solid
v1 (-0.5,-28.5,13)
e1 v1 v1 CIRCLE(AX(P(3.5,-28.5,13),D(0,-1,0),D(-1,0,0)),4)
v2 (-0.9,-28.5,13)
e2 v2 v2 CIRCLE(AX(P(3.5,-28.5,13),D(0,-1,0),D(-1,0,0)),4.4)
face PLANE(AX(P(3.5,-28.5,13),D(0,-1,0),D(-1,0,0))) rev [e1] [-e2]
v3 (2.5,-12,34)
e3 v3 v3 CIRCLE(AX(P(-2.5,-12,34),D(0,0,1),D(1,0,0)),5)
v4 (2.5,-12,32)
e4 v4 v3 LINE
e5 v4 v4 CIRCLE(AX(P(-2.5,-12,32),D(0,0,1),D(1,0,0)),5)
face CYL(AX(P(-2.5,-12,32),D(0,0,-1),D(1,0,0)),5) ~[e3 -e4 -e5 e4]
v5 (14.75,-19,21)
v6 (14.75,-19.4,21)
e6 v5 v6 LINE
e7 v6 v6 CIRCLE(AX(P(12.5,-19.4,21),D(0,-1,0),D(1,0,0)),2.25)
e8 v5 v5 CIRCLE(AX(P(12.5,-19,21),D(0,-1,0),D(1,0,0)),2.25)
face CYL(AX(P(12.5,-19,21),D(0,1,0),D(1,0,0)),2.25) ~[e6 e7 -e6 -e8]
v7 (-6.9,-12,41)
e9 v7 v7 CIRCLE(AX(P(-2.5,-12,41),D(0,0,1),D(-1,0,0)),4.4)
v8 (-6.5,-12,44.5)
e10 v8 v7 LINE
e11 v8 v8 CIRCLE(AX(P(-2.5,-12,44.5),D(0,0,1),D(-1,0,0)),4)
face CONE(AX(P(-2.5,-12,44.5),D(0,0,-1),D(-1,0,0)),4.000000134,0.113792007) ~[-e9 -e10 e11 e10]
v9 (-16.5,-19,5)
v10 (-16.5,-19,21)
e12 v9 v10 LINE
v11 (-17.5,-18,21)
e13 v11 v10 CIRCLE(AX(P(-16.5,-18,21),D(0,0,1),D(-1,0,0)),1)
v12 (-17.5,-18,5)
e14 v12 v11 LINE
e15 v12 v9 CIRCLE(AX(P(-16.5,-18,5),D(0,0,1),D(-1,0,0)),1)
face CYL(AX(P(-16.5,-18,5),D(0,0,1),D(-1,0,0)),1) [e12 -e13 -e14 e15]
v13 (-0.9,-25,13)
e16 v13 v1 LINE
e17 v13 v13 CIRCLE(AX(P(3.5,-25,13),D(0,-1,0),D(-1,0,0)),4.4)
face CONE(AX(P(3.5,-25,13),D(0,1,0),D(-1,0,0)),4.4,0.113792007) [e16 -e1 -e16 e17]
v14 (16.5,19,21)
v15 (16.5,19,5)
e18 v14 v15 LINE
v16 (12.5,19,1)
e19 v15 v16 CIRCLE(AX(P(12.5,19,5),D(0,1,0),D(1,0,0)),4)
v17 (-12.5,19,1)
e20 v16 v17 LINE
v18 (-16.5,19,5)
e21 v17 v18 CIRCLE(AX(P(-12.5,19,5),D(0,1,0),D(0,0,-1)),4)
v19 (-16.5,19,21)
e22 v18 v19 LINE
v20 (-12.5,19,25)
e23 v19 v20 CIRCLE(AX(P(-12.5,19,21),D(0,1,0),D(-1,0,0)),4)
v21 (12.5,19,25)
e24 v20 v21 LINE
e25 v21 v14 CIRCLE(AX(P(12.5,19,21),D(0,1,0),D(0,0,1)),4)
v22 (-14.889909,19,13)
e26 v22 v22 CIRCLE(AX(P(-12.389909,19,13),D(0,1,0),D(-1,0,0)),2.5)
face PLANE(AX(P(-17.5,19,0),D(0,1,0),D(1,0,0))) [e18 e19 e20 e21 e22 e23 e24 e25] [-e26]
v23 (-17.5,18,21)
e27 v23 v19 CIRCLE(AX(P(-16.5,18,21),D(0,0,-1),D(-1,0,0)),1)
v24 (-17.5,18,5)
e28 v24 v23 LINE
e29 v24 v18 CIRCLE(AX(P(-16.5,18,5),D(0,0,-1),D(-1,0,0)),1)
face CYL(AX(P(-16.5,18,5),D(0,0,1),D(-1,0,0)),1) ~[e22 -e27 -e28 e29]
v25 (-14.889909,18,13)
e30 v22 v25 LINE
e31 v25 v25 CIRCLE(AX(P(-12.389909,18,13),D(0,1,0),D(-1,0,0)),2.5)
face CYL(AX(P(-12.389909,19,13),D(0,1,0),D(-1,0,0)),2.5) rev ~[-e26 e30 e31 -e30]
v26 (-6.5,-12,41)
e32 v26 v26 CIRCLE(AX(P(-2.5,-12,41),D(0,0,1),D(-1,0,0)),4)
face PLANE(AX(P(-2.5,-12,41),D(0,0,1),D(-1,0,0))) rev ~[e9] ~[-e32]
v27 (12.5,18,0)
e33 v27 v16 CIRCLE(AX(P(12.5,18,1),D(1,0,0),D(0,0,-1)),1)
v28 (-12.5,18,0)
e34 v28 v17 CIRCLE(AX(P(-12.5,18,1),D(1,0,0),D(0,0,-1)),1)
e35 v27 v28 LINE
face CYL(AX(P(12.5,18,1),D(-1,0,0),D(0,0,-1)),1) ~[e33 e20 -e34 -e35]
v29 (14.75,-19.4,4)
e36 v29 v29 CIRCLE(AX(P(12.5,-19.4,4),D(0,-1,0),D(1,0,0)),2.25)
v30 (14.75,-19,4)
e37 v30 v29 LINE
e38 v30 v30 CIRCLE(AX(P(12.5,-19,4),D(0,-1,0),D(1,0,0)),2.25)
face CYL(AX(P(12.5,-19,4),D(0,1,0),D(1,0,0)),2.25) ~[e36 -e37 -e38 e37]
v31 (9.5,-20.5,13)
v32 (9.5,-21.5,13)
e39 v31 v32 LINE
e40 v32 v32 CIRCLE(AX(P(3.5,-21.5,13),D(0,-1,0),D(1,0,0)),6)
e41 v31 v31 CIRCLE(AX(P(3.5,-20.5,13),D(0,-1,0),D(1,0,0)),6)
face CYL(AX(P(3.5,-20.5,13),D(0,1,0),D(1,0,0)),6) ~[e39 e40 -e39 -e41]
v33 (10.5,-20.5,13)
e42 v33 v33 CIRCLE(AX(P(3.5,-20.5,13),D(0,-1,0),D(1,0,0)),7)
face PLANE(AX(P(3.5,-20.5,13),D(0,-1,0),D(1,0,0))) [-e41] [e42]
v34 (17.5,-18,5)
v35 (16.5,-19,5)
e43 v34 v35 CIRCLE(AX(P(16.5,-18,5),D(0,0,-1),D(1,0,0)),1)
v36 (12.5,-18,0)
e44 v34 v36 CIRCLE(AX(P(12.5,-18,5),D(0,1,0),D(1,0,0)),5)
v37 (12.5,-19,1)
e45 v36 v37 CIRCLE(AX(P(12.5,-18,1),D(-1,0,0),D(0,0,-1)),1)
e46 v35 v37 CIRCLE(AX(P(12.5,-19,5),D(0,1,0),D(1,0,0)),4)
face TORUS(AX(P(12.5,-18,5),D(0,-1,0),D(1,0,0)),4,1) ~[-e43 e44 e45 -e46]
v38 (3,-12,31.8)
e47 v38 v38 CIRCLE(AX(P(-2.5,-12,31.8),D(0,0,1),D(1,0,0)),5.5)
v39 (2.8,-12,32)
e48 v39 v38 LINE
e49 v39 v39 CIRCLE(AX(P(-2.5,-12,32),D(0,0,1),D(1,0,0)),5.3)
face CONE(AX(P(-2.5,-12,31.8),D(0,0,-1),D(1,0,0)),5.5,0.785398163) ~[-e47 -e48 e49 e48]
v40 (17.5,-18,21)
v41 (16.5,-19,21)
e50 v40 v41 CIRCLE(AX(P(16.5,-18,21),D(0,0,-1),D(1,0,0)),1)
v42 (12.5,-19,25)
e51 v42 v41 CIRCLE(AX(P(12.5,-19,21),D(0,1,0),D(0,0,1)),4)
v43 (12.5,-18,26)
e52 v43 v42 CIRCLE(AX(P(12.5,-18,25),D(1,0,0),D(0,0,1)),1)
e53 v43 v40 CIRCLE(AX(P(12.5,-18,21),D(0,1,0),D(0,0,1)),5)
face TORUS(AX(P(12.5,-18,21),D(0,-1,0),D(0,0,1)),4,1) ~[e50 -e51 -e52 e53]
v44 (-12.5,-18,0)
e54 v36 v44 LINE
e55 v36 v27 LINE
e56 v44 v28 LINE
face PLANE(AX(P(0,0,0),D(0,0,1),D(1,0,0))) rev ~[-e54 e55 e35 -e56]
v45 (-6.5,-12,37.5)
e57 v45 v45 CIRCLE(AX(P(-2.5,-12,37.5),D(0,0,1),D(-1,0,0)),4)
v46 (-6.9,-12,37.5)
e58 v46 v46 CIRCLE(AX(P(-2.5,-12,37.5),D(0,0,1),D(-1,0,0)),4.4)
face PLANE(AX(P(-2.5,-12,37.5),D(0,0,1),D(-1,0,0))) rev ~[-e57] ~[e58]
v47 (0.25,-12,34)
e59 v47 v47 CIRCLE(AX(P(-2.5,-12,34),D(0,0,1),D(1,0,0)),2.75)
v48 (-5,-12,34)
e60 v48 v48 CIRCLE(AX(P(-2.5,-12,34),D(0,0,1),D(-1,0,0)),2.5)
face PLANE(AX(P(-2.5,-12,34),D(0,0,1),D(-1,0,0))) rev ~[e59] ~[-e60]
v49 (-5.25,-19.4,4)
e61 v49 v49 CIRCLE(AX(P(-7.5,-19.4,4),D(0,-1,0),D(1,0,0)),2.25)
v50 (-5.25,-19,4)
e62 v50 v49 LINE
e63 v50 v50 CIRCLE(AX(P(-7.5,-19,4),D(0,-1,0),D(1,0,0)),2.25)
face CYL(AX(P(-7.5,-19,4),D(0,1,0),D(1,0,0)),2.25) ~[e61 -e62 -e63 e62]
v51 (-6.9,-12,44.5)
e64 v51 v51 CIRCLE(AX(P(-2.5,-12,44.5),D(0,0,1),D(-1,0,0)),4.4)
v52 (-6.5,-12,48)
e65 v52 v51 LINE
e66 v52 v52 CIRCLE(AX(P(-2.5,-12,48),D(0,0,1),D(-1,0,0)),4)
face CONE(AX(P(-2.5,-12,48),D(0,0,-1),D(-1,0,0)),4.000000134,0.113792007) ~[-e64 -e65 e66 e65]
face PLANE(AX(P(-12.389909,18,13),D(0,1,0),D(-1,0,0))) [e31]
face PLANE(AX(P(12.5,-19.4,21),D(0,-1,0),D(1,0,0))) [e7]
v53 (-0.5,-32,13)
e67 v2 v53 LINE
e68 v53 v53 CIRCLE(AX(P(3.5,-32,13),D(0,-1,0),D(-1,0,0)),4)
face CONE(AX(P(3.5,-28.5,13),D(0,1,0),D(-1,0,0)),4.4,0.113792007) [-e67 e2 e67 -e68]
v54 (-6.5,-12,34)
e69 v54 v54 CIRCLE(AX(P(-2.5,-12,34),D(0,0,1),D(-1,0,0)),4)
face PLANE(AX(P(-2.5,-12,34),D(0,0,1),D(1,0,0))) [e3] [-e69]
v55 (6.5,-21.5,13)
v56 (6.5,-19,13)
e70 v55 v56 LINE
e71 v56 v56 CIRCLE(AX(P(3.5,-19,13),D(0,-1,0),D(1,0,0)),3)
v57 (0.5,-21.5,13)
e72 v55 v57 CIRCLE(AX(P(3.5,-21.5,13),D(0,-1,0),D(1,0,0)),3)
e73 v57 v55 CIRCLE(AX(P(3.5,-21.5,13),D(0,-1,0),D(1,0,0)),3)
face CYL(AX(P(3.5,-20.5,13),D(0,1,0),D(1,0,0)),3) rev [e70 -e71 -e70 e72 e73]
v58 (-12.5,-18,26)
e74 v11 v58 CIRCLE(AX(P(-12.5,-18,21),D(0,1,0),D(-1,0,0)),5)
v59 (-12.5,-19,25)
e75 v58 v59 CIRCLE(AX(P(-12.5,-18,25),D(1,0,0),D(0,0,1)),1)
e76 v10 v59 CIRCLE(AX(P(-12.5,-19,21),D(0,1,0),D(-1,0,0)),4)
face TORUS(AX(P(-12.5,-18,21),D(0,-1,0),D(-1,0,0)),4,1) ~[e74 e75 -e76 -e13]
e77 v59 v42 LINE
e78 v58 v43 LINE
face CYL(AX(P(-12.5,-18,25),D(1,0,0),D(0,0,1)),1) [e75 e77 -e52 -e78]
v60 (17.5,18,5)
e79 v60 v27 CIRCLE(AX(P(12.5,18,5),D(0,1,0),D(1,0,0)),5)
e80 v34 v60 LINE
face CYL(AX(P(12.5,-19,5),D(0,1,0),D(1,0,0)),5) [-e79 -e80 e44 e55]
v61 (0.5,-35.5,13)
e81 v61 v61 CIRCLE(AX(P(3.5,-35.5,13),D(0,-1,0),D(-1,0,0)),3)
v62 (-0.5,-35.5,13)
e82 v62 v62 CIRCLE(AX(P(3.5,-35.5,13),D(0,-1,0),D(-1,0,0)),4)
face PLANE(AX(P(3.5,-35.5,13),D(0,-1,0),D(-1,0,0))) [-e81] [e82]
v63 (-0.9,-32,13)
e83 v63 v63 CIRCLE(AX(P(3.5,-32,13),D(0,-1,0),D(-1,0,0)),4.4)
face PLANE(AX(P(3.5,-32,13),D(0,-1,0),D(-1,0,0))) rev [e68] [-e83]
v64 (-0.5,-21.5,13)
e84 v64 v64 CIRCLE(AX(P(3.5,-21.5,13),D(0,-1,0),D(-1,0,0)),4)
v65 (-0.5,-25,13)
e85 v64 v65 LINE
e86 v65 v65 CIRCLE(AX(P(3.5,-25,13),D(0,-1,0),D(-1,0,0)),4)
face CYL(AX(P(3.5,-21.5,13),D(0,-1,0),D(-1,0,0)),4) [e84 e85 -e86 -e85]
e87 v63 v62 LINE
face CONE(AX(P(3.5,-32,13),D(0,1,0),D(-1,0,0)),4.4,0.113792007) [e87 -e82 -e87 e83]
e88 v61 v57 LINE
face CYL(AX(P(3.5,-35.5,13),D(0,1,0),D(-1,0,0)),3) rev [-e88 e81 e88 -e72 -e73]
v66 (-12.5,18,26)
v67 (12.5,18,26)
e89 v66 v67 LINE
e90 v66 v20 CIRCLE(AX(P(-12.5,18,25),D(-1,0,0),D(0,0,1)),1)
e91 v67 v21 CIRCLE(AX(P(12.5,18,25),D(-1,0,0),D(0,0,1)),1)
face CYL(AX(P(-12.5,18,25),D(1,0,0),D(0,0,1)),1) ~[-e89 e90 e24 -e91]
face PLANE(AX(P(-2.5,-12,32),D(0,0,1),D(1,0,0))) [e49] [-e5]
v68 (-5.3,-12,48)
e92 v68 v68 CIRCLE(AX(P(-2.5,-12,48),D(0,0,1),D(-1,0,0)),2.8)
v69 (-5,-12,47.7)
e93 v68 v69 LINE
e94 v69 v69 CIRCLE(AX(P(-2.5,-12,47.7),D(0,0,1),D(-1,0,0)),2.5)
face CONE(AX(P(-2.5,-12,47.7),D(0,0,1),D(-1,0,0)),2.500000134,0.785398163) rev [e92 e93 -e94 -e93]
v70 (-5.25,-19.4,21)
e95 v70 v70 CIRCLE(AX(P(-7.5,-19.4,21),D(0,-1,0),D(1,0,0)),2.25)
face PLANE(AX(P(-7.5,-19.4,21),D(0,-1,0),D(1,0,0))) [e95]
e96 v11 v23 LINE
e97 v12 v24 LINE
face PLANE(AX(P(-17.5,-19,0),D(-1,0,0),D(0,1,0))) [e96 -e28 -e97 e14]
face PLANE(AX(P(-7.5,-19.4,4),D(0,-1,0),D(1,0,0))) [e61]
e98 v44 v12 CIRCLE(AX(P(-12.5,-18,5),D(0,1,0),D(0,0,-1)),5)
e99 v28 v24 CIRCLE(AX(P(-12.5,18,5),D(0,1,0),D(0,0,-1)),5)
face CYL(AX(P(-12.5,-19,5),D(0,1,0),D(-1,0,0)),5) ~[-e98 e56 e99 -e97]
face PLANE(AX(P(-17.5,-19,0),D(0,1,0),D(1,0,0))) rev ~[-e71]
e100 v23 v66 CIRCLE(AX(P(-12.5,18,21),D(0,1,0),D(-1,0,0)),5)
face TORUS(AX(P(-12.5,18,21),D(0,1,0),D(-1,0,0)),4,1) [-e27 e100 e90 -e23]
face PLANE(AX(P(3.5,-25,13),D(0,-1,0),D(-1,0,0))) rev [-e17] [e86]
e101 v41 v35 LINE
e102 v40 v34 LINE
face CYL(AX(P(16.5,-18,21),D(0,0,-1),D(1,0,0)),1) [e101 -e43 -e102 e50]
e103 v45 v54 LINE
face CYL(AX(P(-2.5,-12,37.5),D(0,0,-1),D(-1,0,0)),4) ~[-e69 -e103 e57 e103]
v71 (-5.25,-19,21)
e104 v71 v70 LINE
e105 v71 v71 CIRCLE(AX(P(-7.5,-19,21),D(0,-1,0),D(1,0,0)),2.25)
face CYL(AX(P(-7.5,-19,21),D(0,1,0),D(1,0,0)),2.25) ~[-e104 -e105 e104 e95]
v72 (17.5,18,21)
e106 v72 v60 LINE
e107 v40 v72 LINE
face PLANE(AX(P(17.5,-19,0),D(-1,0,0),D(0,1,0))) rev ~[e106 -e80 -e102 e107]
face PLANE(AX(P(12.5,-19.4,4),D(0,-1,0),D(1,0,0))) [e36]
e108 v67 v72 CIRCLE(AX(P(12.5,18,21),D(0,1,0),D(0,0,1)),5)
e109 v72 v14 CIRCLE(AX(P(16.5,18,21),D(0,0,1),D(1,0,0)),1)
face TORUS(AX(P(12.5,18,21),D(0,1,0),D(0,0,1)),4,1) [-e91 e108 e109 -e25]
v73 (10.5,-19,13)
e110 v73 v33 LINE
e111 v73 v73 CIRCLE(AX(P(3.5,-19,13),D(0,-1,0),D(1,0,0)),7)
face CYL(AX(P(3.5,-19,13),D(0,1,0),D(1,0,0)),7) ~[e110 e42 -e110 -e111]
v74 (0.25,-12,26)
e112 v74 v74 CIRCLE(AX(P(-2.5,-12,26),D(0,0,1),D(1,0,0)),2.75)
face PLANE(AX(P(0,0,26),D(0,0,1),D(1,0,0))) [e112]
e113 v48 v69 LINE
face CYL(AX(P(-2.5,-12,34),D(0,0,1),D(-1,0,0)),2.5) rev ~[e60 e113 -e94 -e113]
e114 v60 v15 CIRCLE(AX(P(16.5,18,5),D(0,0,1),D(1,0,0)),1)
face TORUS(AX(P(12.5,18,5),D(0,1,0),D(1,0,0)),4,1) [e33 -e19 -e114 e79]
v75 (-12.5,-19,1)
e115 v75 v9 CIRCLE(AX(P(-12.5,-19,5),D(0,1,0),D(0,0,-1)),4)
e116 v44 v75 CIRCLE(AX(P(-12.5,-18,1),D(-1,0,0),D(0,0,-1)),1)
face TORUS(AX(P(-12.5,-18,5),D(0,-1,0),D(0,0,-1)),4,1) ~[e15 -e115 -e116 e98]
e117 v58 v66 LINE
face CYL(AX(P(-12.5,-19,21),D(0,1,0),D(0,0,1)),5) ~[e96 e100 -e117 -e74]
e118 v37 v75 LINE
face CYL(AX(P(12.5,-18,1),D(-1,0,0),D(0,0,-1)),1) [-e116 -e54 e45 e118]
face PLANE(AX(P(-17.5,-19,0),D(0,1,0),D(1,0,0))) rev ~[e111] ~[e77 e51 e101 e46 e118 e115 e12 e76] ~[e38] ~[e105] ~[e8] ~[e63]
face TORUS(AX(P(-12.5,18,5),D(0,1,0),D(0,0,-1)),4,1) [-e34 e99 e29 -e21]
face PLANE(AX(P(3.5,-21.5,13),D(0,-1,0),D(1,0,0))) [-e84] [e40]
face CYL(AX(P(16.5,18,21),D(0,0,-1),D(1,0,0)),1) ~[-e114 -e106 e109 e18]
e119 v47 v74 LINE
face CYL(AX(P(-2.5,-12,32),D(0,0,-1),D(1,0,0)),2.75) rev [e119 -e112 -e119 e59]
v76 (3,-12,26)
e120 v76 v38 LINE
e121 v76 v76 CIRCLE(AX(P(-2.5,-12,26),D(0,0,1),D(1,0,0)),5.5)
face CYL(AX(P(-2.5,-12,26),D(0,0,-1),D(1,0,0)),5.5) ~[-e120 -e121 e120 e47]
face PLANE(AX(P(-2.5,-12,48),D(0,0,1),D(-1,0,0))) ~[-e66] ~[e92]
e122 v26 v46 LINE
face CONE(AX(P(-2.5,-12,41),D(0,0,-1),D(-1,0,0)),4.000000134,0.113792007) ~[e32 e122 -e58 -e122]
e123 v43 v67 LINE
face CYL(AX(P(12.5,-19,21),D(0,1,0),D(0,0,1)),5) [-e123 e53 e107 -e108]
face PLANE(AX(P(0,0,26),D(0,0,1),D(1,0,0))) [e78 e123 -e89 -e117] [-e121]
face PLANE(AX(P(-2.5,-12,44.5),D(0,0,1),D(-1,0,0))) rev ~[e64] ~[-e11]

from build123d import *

# Parameters (mm, degrees)
F0_W      = 35
F0_H      = 38
F1_DEPTH  = 26
F2_R      = 5.5
F2_R_2    = 2.75
F3_DEPTH  = 6
F4_R      = 5
F4_R_2    = 2.75
F5_DEPTH  = 2
F9_SIZE   = 0.3
F10_SIZE  = 0.2
F11_R     = 5
F12_R     = 1
F13_R     = 7
F13_R_2   = 3
F14_DEPTH = 1.5
F15_R     = 6
F15_R_2   = 3
F16_DEPTH = 1
F20_R     = 2.25
F21_DEPTH = 0.4
F22_R     = 2.5
F23_DEPTH = 1


with BuildPart() as f1:
    # F0 (on Top) → F1 (new body)
    with BuildSketch(Plane.XY):
        Rectangle(F0_W, F0_H)
    extrude(amount=F1_DEPTH)

    # F2 (on face) → F3 (join)
    with BuildSketch(Plane.XY.offset(26)):
        with Locations((-2.5, -12)):
            Circle(F2_R)
        with Locations((-2.5, -12)):
            Circle(F2_R_2, mode=Mode.SUBTRACT)
    extrude(amount=F3_DEPTH)

    # F4 (on face) → F5 (join)
    with BuildSketch(Plane.XY.offset(32)):
        with Locations((-2.5, -12)):
            Circle(F4_R)
        with Locations((-2.5, -12)):
            Circle(F4_R_2, mode=Mode.SUBTRACT)
    extrude(amount=F5_DEPTH)

    # F7 (on offset) → F8 (revolve)
    with BuildSketch(Plane.XZ.offset(12)):
        Polygon((-6.5000001341, 37.5), (-6.5000001341, 34), (-5.0000001341, 34), (-5.0000001341, 48), (-6.5000001341, 48), (-6.9000001341, 44.5), (-6.5000001341, 44.5), (-6.9000001341, 41), (-6.5000001341, 41), (-6.9000001341, 37.5), align=None)
    revolve(axis=Axis((-2.5, -12, 43.5864264173), (0, 0, 1)))

    # F9
    f9_edges = [f1.edges().sort_by_distance(p)[0] for p in [
        (0, -12, 48),
    ]]
    chamfer(f9_edges, length=F9_SIZE)

    # F10
    f10_edges = [f1.edges().sort_by_distance(p)[0] for p in [
        (-8, -12, 32),
    ]]
    chamfer(f10_edges, length=F10_SIZE)

    # F11
    f11_edges = [f1.edges().sort_by_distance(p)[0] for p in [
        (-17.5, 0, 26),
        (-17.5, 0, 0),
        (17.5, 0, 26),
        (17.5, 0, 0),
    ]]
    fillet(f11_edges, radius=F11_R)

    # F12
    f12_edges = [f1.edges().sort_by_distance(p)[0] for p in [
        (0, 19, 26),
        (0, -19, 26),
    ]]
    fillet(f12_edges, radius=F12_R)

    # F13 (on face) → F14 (join)
    with BuildSketch(Plane.XZ.offset(19)):
        with Locations((3.5, 13)):
            Circle(F13_R)
        with Locations((3.5, 13)):
            Circle(F13_R_2, mode=Mode.SUBTRACT)
    extrude(amount=F14_DEPTH)

    # F15 (on face) → F16 (join)
    with BuildSketch(Plane.XZ.offset(20.5)):
        with Locations((3.5, 13)):
            Circle(F15_R)
        with Locations((3.5, 13)):
            Circle(F15_R_2, mode=Mode.SUBTRACT)
    extrude(amount=F16_DEPTH)

    # F18 (on offset) → F19 (revolve)
    with BuildSketch(Plane.XY.offset(13)):
        Polygon((0.5, -35.5), (0.5, -21.5), (-0.5, -21.5), (-0.5, -25), (-0.9, -25), (-0.5, -28.5), (-0.9, -28.5), (-0.5, -32), (-0.9, -32), (-0.5, -35.5), align=None)
    revolve(axis=Axis((3.5, -28.1351610951, 13), (0, -1, 0)))

    # F20 (on face) → F21 (join)
    with BuildSketch(Plane.XZ.offset(19)):
        with Locations((-7.5, 21)):
            Circle(F20_R)
        with Locations((12.5, 21)):
            Circle(F20_R)
        with Locations((-7.5, 4)):
            Circle(F20_R)
        with Locations((12.5, 4)):
            Circle(F20_R)
    extrude(amount=F21_DEPTH)

    # F22 (on face) → F23 (cut)
    with BuildSketch(Plane(origin=(0, 19, 0), x_dir=(-1, 0, 0), z_dir=(0, 1, 0))):
        with Locations((12.3899085447, 13)):
            Circle(F22_R)
    extrude(amount=-F23_DEPTH, mode=Mode.SUBTRACT)


solid = f1.part
